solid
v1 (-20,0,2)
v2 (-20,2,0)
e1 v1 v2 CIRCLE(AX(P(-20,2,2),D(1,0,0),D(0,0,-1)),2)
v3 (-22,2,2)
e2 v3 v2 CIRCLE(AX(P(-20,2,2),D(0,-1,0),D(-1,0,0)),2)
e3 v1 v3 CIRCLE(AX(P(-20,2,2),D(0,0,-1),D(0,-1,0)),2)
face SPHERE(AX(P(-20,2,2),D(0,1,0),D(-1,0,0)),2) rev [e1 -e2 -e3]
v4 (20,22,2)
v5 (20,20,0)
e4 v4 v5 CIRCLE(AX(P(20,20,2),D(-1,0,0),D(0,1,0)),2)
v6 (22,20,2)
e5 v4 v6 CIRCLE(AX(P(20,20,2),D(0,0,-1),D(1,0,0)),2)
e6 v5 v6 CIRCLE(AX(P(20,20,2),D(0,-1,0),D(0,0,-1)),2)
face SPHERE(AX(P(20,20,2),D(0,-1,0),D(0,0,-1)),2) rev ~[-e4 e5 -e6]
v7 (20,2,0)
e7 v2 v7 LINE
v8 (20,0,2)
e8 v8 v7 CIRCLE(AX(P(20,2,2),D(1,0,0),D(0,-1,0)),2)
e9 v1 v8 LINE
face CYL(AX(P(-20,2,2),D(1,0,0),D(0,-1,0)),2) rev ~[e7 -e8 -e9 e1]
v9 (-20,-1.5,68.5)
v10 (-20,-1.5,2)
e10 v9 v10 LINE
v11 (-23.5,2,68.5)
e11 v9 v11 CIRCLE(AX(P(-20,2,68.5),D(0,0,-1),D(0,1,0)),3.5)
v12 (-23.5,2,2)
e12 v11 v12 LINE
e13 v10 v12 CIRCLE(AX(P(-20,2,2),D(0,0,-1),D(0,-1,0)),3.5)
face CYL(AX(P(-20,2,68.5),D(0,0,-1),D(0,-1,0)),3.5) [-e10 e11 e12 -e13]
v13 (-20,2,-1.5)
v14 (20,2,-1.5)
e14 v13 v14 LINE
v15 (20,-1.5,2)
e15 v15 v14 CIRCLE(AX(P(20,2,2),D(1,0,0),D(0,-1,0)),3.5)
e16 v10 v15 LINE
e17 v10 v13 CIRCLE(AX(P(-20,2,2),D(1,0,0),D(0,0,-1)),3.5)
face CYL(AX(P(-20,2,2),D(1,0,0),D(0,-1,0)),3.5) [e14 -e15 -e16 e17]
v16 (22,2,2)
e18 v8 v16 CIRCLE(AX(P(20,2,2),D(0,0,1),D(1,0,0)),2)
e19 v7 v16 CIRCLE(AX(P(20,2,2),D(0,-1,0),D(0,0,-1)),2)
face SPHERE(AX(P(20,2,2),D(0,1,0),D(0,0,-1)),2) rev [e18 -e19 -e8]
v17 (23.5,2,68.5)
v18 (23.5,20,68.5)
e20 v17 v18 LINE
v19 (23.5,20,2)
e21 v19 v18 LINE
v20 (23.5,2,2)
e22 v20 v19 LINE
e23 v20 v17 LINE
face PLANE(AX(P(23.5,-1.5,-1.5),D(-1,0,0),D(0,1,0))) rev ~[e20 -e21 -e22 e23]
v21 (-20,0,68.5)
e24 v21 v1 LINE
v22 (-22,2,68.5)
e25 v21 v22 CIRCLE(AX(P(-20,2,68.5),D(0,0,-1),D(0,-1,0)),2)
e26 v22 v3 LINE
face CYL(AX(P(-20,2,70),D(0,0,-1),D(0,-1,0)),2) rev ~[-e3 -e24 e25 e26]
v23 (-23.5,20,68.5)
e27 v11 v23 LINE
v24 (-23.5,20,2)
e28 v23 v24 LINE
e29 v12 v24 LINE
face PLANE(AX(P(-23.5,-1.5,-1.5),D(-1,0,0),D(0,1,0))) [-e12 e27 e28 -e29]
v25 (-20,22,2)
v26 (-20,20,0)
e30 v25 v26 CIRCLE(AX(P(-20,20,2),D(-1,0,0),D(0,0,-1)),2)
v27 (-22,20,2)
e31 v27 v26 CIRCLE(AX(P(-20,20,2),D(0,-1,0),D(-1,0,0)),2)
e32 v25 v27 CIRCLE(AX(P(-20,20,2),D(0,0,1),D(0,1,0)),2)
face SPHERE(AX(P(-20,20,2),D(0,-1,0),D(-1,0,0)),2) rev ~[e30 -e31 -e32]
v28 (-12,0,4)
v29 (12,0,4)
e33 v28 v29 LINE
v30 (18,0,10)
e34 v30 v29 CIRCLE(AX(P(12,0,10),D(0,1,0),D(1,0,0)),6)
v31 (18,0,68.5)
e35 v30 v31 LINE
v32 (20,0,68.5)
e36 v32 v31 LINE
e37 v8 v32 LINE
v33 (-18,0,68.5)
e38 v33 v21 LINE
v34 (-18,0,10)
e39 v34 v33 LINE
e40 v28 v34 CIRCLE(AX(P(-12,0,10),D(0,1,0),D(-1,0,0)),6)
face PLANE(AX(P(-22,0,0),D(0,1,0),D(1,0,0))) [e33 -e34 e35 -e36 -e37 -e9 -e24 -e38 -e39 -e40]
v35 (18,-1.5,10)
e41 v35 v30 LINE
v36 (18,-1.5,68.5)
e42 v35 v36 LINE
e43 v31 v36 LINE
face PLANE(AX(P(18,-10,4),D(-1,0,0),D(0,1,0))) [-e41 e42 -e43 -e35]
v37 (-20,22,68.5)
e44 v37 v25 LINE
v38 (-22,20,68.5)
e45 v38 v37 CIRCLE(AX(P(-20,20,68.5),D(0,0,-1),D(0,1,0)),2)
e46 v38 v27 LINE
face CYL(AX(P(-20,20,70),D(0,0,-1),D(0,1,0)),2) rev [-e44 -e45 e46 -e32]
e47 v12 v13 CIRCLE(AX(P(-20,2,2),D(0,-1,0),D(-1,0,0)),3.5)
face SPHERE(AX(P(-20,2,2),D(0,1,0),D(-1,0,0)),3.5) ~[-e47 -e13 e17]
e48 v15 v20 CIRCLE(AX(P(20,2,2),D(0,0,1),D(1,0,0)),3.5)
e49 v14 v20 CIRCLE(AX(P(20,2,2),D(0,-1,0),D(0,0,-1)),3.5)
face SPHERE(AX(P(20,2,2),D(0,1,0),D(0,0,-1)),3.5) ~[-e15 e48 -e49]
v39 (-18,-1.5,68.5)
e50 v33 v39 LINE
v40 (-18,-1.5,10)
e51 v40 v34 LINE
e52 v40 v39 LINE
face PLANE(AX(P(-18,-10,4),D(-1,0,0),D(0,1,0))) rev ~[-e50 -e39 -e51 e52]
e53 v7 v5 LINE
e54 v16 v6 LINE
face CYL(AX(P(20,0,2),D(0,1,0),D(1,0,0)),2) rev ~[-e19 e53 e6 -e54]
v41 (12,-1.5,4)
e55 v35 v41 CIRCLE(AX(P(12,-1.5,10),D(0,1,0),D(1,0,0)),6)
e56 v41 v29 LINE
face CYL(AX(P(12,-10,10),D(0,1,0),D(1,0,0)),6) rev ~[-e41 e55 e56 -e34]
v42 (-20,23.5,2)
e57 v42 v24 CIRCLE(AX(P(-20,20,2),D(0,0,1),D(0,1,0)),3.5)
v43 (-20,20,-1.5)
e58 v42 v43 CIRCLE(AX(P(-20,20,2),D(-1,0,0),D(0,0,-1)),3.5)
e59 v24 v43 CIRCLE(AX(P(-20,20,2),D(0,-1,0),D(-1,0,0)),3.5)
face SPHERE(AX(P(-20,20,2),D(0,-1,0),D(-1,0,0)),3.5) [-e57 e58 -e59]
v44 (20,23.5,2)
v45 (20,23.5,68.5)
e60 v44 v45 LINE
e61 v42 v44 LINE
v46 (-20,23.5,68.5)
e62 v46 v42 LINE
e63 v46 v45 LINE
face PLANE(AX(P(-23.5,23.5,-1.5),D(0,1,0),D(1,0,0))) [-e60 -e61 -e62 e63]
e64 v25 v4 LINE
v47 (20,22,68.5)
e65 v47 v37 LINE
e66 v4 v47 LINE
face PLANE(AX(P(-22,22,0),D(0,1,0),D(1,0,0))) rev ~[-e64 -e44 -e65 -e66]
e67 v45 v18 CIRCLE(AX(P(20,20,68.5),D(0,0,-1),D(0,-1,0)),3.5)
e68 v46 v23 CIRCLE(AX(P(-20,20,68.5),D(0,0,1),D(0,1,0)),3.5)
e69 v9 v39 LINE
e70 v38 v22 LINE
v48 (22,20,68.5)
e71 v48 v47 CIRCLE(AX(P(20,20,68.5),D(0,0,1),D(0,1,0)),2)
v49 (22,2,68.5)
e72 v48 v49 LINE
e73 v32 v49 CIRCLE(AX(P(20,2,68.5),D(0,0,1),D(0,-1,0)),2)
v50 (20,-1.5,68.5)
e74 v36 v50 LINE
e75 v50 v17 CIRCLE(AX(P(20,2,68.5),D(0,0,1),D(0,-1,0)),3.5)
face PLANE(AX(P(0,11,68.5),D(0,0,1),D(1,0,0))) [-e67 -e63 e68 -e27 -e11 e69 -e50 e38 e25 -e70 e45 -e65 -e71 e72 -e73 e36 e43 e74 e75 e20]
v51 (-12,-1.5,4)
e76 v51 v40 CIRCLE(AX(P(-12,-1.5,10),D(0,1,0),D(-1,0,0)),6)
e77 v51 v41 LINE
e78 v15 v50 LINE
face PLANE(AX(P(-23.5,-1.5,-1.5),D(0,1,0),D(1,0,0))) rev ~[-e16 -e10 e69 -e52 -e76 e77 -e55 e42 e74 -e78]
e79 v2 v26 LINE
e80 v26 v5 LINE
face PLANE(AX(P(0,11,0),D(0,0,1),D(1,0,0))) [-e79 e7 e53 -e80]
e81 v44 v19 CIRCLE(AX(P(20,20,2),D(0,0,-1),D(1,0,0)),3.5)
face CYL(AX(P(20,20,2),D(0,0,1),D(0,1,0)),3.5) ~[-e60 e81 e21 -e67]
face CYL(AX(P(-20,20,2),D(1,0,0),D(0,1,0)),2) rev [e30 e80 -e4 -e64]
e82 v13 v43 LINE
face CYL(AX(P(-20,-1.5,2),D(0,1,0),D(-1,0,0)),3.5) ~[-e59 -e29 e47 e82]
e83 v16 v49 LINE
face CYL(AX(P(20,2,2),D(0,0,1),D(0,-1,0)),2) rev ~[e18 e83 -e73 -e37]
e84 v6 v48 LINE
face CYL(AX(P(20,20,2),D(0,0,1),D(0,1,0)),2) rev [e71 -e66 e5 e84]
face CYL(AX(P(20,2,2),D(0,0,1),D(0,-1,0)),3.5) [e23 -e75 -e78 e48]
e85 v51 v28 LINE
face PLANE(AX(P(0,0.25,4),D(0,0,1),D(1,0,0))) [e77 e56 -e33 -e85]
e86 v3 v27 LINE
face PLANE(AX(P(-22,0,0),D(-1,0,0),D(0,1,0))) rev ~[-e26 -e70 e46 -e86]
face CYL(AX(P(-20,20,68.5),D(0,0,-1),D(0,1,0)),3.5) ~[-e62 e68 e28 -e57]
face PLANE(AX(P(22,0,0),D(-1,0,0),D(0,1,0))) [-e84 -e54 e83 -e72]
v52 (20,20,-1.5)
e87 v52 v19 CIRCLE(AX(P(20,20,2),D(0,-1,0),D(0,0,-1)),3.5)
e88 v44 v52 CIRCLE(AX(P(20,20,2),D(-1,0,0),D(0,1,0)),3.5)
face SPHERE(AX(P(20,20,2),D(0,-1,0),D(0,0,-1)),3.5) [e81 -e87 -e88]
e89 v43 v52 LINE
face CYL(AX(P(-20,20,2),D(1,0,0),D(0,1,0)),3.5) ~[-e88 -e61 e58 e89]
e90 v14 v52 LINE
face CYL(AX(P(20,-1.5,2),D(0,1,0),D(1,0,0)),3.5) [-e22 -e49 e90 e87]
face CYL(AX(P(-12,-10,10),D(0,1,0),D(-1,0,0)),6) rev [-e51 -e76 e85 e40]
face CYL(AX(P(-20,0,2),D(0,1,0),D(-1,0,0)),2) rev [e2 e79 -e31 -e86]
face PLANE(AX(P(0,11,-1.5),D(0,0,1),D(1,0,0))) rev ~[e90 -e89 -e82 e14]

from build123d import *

# Parameters (mm, degrees)
BOX002_W     = 36
BOX002_H     = 20.5
BOX002_DEPTH = 70
FILLET004_R  = 6
BOX_W        = 44
BOX_H        = 22
BOX_DEPTH    = 70
FILLET_R     = 2
FILLET005_R  = 2
BOX003_W     = 47
BOX003_H     = 25
BOX003_DEPTH = 70
FILLET006_R  = 3.5
FILLET007_R  = 3.5


with BuildPart() as fillet004:
    # Box002 → Box002 (new body)
    with BuildSketch(Plane(origin=(-18, -10, 4), x_dir=(1, 0, 0), z_dir=(0, 0, 1))):
        with Locations((18, 10.25)):
            Rectangle(BOX002_W, BOX002_H)
    extrude(amount=BOX002_DEPTH)

    # Fillet004
    fillet004_edges = [fillet004.edges().sort_by_distance(p)[0] for p in [
        (-18, 0.25, 4),
        (18, 0.25, 4),
    ]]
    fillet(fillet004_edges, radius=FILLET004_R)


with BuildPart() as fusion:
    # Box → Box (new body)
    with BuildSketch(Plane(origin=(-22, 0, 0), x_dir=(1, 0, 0), z_dir=(0, 0, 1))):
        with Locations((22, 11)):
            Rectangle(BOX_W, BOX_H)
    extrude(amount=BOX_DEPTH)

    # Fillet
    fillet_edges = [fusion.edges().sort_by_distance(p)[0] for p in [
        (-22, 11, 0),
        (22, 11, 0),
    ]]
    fillet(fillet_edges, radius=FILLET_R)

    # Fillet005
    fillet005_edges = [fusion.edges().sort_by_distance(p)[0] for p in [
        (22, 0, 36),
        (22, 22, 36),
    ]]
    fillet(fillet005_edges, radius=FILLET005_R)

    # Fusion: union Fillet004
    add(fillet004.part)


with BuildPart() as cut:
    # Box003 → Box003 (new body)
    with BuildSketch(Plane(origin=(-23.5, -1.5, -1.5), x_dir=(1, 0, 0), z_dir=(0, 0, 1))):
        with Locations((23.5, 12.5)):
            Rectangle(BOX003_W, BOX003_H)
    extrude(amount=BOX003_DEPTH)

    # Fillet006
    fillet006_edges = [cut.edges().sort_by_distance(p)[0] for p in [
        (-23.5, 11, -1.5),
        (23.5, 11, -1.5),
    ]]
    fillet(fillet006_edges, radius=FILLET006_R)

    # Fillet007
    fillet007_edges = [cut.edges().sort_by_distance(p)[0] for p in [
        (0, -1.5, -1.5),
        (0, 23.5, -1.5),
    ]]
    fillet(fillet007_edges, radius=FILLET007_R)

    # Cut: cut Fusion
    add(fusion.part, mode=Mode.SUBTRACT)


solid = cut.part
